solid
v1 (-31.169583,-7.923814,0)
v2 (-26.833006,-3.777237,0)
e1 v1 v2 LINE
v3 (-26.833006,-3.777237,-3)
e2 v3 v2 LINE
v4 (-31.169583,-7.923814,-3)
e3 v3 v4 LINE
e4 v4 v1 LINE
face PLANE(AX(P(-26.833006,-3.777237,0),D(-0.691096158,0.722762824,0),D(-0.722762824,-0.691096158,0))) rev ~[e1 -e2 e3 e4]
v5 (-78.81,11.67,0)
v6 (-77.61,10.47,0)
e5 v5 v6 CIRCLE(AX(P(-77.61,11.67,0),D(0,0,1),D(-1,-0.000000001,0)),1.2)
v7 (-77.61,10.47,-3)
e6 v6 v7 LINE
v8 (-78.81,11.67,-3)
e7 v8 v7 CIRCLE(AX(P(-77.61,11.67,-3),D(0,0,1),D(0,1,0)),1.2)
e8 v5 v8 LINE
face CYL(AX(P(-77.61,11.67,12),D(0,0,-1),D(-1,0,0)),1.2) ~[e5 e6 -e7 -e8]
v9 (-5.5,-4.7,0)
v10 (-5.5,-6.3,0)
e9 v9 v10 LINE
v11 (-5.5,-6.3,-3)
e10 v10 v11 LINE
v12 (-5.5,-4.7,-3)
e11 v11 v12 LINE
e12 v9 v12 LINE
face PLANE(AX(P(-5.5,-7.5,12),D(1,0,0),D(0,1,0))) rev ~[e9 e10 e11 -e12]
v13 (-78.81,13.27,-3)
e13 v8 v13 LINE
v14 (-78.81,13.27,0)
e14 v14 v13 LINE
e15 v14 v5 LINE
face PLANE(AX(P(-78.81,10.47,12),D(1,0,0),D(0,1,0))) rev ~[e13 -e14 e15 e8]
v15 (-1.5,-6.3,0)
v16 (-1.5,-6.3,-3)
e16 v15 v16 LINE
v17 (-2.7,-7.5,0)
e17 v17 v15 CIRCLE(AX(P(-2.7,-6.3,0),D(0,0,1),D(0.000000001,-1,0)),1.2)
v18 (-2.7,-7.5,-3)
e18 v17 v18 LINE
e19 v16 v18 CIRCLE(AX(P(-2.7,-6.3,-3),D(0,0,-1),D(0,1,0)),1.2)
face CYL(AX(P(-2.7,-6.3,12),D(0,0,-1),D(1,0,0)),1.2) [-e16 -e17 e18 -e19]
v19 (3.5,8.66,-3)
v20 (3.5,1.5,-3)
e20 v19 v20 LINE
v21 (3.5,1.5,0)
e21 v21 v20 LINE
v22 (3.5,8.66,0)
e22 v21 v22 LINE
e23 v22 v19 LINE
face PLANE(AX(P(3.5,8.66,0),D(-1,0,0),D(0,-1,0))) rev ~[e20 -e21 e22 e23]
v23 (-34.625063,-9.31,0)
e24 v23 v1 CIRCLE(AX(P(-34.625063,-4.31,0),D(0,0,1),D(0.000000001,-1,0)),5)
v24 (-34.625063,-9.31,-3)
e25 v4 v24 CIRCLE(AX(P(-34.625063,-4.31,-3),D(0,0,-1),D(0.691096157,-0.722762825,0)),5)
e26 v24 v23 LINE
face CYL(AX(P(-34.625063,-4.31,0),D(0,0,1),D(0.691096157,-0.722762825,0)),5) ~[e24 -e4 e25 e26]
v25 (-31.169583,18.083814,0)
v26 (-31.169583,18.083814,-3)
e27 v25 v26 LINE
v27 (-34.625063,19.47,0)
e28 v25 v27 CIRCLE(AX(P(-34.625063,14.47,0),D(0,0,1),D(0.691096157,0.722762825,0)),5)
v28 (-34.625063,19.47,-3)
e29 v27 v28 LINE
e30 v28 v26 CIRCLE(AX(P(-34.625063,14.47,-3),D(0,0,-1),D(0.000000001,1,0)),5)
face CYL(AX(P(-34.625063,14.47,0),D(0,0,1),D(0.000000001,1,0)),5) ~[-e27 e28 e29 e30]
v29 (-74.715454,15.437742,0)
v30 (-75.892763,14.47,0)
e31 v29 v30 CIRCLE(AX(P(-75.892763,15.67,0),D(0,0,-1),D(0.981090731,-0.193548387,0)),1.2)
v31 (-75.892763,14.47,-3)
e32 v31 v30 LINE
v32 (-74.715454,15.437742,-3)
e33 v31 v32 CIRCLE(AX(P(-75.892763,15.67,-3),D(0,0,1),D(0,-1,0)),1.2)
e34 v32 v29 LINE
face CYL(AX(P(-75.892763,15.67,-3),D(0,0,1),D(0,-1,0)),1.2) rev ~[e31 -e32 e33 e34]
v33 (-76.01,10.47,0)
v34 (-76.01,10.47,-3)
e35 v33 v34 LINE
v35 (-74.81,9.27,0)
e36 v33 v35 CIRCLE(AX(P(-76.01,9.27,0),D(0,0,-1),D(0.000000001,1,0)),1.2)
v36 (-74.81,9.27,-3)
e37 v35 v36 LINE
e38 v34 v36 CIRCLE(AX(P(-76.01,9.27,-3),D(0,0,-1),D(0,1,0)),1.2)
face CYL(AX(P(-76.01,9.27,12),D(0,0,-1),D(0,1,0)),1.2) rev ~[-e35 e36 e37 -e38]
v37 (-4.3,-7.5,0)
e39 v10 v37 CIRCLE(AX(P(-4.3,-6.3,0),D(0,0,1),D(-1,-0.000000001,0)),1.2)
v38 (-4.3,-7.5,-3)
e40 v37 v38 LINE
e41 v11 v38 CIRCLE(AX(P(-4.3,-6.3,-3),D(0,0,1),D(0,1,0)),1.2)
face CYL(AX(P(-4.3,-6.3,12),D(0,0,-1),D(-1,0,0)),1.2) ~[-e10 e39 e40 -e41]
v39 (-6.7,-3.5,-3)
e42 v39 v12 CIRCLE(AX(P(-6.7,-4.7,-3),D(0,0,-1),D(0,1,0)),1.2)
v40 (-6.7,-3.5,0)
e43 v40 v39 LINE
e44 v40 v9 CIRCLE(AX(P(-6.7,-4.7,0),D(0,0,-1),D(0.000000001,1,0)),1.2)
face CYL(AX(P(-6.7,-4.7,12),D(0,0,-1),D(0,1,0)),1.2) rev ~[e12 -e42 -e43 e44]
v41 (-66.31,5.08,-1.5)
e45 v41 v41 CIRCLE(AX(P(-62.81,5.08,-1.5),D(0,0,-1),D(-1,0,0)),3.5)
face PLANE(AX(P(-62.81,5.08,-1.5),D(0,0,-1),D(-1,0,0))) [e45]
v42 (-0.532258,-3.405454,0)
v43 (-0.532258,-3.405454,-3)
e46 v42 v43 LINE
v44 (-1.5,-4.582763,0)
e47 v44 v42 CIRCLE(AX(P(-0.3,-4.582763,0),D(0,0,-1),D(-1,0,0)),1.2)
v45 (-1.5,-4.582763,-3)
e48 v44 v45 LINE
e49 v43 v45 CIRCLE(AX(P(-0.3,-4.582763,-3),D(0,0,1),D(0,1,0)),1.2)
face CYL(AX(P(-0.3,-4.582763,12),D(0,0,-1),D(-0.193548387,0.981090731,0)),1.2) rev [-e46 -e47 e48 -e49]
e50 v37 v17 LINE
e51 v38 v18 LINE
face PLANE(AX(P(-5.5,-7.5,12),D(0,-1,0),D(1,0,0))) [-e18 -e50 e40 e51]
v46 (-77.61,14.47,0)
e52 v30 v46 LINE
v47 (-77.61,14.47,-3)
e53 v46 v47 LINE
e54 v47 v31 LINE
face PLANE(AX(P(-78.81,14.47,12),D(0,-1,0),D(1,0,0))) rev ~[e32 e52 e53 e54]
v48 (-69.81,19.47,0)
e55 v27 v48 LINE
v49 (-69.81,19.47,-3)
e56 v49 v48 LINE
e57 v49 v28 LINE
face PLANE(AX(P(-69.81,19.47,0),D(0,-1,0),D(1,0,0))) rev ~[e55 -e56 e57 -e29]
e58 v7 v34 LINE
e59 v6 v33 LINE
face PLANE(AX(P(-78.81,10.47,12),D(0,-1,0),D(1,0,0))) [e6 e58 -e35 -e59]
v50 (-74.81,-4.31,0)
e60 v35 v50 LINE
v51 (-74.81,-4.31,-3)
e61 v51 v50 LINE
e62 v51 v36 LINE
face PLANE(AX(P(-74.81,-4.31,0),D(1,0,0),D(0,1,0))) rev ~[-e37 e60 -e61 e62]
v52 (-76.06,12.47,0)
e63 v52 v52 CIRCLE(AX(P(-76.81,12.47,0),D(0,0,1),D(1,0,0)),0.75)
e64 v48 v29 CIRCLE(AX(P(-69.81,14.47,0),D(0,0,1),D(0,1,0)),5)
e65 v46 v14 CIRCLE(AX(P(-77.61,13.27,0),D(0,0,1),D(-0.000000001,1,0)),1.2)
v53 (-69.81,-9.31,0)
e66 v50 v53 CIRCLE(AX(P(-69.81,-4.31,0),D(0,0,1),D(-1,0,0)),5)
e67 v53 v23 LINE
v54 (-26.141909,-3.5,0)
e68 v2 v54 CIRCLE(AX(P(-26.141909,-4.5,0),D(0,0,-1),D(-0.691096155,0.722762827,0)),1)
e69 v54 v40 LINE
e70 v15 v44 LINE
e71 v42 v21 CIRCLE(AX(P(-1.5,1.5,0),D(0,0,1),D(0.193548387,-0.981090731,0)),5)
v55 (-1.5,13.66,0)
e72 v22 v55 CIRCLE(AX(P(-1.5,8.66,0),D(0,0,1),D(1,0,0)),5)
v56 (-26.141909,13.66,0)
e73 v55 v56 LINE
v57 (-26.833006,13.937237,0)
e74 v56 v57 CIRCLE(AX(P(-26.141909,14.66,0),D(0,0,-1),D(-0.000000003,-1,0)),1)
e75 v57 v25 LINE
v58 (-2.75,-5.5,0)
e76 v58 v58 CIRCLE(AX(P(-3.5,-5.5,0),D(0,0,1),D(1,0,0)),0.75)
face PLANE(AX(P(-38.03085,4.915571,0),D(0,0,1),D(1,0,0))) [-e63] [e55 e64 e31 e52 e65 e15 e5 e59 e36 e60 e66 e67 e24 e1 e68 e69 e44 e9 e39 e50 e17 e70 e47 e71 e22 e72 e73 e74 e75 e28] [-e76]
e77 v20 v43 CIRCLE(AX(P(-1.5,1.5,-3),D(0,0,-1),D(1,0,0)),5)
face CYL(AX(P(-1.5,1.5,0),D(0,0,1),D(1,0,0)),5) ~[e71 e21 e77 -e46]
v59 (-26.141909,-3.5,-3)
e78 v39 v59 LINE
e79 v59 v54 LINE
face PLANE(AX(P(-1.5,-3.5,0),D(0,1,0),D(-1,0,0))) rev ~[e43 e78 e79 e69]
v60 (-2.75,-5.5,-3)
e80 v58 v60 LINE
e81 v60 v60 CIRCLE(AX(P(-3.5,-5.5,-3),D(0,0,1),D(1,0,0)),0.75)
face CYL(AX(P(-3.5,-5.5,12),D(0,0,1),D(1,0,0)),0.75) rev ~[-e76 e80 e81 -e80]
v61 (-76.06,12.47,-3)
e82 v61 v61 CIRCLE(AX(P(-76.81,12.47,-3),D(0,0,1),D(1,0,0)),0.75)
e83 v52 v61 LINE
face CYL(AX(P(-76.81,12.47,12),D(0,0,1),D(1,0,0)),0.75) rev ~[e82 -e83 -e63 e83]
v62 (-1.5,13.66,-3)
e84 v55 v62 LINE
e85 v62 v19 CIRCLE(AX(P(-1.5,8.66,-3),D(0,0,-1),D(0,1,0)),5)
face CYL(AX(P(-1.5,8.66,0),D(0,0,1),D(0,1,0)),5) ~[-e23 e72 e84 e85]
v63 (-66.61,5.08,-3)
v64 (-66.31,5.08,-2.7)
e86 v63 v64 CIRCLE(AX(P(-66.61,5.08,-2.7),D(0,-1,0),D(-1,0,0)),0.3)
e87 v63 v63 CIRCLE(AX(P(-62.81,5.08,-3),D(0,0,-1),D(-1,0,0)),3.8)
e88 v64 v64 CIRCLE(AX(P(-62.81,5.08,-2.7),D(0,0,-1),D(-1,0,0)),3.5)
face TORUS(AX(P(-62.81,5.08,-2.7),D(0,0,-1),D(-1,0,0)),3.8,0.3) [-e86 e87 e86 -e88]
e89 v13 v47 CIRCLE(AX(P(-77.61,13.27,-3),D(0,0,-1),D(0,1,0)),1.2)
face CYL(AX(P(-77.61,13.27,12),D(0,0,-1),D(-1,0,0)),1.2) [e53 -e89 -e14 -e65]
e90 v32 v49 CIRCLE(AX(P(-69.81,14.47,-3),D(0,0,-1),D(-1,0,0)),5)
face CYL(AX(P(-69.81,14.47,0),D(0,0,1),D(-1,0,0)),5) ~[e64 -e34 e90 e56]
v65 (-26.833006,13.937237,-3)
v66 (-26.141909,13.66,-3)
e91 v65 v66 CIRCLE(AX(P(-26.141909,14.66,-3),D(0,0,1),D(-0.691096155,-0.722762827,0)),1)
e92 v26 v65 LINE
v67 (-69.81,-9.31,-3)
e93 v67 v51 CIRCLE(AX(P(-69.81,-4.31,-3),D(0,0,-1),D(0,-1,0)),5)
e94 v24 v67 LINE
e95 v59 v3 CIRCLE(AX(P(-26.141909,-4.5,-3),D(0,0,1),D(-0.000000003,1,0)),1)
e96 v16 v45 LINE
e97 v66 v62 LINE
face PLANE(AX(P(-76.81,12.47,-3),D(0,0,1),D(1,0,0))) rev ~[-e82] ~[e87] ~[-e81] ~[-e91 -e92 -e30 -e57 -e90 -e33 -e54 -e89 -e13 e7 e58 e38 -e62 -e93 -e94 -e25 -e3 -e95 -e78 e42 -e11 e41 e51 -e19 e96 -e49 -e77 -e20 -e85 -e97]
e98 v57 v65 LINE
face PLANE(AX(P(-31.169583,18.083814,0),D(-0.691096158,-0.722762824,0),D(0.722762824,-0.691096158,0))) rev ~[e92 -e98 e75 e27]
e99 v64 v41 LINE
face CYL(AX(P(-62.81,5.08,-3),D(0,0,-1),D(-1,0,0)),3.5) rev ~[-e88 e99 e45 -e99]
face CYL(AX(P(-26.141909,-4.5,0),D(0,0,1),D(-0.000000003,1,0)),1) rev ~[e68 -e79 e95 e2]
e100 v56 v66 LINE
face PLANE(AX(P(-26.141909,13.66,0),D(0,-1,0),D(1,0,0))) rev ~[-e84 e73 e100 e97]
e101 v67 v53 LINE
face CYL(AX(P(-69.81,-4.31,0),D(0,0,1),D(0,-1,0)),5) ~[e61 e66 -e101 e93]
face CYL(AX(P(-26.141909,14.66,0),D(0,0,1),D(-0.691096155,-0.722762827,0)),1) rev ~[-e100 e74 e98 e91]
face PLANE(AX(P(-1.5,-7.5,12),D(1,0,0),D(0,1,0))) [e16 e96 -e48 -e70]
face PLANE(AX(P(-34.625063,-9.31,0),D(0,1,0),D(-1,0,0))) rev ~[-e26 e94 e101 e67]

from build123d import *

# Parameters (mm, degrees)
BOSS_EXTRUDE2_DEPTH      = 12
BOSS_EXTRUDE2_DEPTH_BACK = 3
BOSS_EXTRUDE3_DEPTH      = 3
SKETCH8_W                = 4
SKETCH8_H                = 4
BOSS_EXTRUDE4_DEPTH      = 15
FILLET2_R                = 1.2
SKETCH9_R                = 0.75
CUT_EXTRUDE3_DEPTH       = 16
SKETCH10_R               = 3.5
CUT_EXTRUDE4_DEPTH       = 1.5
FILLET3_R                = 0.3
CUT_EXTRUDE5_DEPTH       = 12


with BuildPart() as part:
    # Sketch3 → Boss-Extrude2 (new body, two sides)
    with BuildSketch(Plane.XY) as boss_extrude2_sk:
        with BuildLine():
            Line((-69.81, 19.47), (-34.625063383, 19.47))
            ThreePointArc((-34.625063383, 19.47), (-32.763487521, 19.110531791), (-31.169582594, 18.083814123))
            Line((-31.169582594, 18.083814123), (-26.833005647, 13.937237175))
            ThreePointArc((-26.833005647, 13.937237175), (-26.514224661, 13.731893642), (-26.141909489, 13.66))
            Line((-26.141909489, 13.66), (-1.5, 13.66))
            ThreePointArc((-1.5, 13.66), (2.035533906, 12.195533906), (3.5, 8.66))
            Line((3.5, 8.66), (3.5, 1.5))
            ThreePointArc((3.5, 1.5), (2.035533906, -2.035533906), (-1.5, -3.5))
            Line((-1.5, -3.5), (-26.141909489, -3.5))
            ThreePointArc((-26.141909489, -3.5), (-26.514224661, -3.571893642), (-26.833005647, -3.777237175))
            Line((-26.833005647, -3.777237175), (-31.169582594, -7.923814123))
            ThreePointArc((-31.169582594, -7.923814123), (-32.763487521, -8.950531791), (-34.625063383, -9.31))
            Line((-34.625063383, -9.31), (-69.81, -9.31))
            ThreePointArc((-69.81, -9.31), (-73.345533906, -7.845533906), (-74.81, -4.31))
            Line((-74.81, -4.31), (-74.81, 14.47))
            ThreePointArc((-74.81, 14.47), (-73.345533906, 18.005533906), (-69.81, 19.47))
        make_face()
        with BuildLine():
            Line((-69.81, 17.47), (-34.625063383, 17.47))
            ThreePointArc((-34.625063383, 17.47), (-33.508117866, 17.254319075), (-32.55177491, 16.638288474))
            Line((-32.55177491, 16.638288474), (-28.215197962, 12.491711526))
            ThreePointArc((-28.215197962, 12.491711526), (-27.258855006, 11.875680925), (-26.141909489, 11.66))
            Line((-26.141909489, 11.66), (-1.5, 11.66))
            ThreePointArc((-1.5, 11.66), (0.621320344, 10.781320344), (1.5, 8.66))
            Line((1.5, 8.66), (1.5, 1.5))
            ThreePointArc((1.5, 1.5), (0.621320344, -0.621320344), (-1.5, -1.5))
            Line((-1.5, -1.5), (-26.141909489, -1.5))
            ThreePointArc((-26.141909489, -1.5), (-27.258855006, -1.715680925), (-28.215197962, -2.331711526))
            Line((-28.215197962, -2.331711526), (-32.55177491, -6.478288474))
            ThreePointArc((-32.55177491, -6.478288474), (-33.508117866, -7.094319075), (-34.625063383, -7.31))
            Line((-34.625063383, -7.31), (-69.81, -7.31))
            ThreePointArc((-69.81, -7.31), (-71.931320344, -6.431320344), (-72.81, -4.31))
            Line((-72.81, -4.31), (-72.81, 14.47))
            ThreePointArc((-72.81, 14.47), (-71.931320344, 16.591320344), (-69.81, 17.47))
        make_face(mode=Mode.SUBTRACT)
    extrude(amount=BOSS_EXTRUDE2_DEPTH)
    extrude(boss_extrude2_sk.sketch, amount=-BOSS_EXTRUDE2_DEPTH_BACK)

    # Sketch5 → Boss-Extrude3 (add)
    with BuildSketch(Plane(origin=(0, 0, -3), x_dir=(-1, 0, 0), z_dir=(0, 0, -1))):
        with BuildLine():
            Line((72.81, 14.47), (72.81, -4.31))
            ThreePointArc((72.81, -4.31), (71.931320344, -6.431320344), (69.81, -7.31))
            Line((69.81, -7.31), (34.625063383, -7.31))
            ThreePointArc((34.625063383, -7.31), (33.508117866, -7.094319075), (32.55177491, -6.478288474))
            Line((32.55177491, -6.478288474), (28.215197962, -2.331711526))
            ThreePointArc((28.215197962, -2.331711526), (27.258855006, -1.715680925), (26.141909489, -1.5))
            Line((26.141909489, -1.5), (1.5, -1.5))
            ThreePointArc((1.5, -1.5), (-0.621320344, -0.621320344), (-1.5, 1.5))
            Line((-1.5, 1.5), (-1.5, 8.66))
            ThreePointArc((-1.5, 8.66), (-0.621320344, 10.781320344), (1.5, 11.66))
            Line((1.5, 11.66), (26.141909489, 11.66))
            ThreePointArc((26.141909489, 11.66), (27.258855006, 11.875680925), (28.215197962, 12.491711526))
            Line((28.215197962, 12.491711526), (32.55177491, 16.638288474))
            ThreePointArc((32.55177491, 16.638288474), (33.508117866, 17.254319075), (34.625063383, 17.47))
            Line((34.625063383, 17.47), (69.81, 17.47))
            ThreePointArc((69.81, 17.47), (71.931320344, 16.591320344), (72.81, 14.47))
        make_face()
    extrude(amount=-BOSS_EXTRUDE3_DEPTH)

    # Sketch8 → Boss-Extrude4 (add, through all)
    with BuildSketch(Plane.XY.offset(12)):
        with Locations((-76.81, 12.47)):
            Rectangle(SKETCH8_W, SKETCH8_H)
        with Locations((-3.5, -5.5)):
            Rectangle(SKETCH8_W, SKETCH8_H)
    extrude(amount=-BOSS_EXTRUDE4_DEPTH)

    # Fillet2
    fillet2_edges = [part.edges().sort_by_distance(p)[0] for p in [
        (-74.81, 10.47, 4.5),
        (-78.81, 10.47, 4.5),
        (-78.81, 14.47, 4.5),
        (-1.5, -7.5, 4.5),
        (-5.5, -7.5, 4.5),
        (-5.5, -3.5, 4.5),
        (-1.5, -3.5, 4.5),
        (-74.81, 14.47, 4.5),
    ]]
    fillet(fillet2_edges, radius=FILLET2_R)

    # Sketch9 → Cut-Extrude3 (cut, through all)
    with BuildSketch(Plane.XY.offset(12)):
        with Locations((-76.81, 12.47)):
            Circle(SKETCH9_R)
        with Locations((-3.5, -5.5)):
            Circle(SKETCH9_R)
    extrude(amount=-CUT_EXTRUDE3_DEPTH, mode=Mode.SUBTRACT)

    # Sketch10 → Cut-Extrude4 (cut)
    with BuildSketch(Plane(origin=(0, 0, -3), x_dir=(-1, 0, 0), z_dir=(0, 0, -1))):
        with Locations((62.81, 5.08)):
            Circle(SKETCH10_R)
    extrude(amount=-CUT_EXTRUDE4_DEPTH, mode=Mode.SUBTRACT)

    # Fillet3
    fillet3_edges = [part.edges().sort_by_distance(p)[0] for p in [
        (-59.31, 5.08, -3),
    ]]
    fillet(fillet3_edges, radius=FILLET3_R)

    # Sketch11 → Cut-Extrude5 (cut)
    with BuildSketch(Plane.XY.offset(12)):
        with BuildLine():
            Line((-4.3, -7.5), (-2.7, -7.5))
            ThreePointArc((-2.7, -7.5), (-1.851471863, -7.148528137), (-1.5, -6.3))
            Line((-1.5, -6.3), (-1.5, -4.58276253))
            ThreePointArc((-1.5, -4.58276253), (-1.227013937, -3.820761768), (-0.532258065, -3.405453653))
            ThreePointArc((-0.532258065, -3.405453653), (2.362558069, -1.675003175), (3.5, 1.5))
            Line((3.5, 1.5), (3.5, 8.66))
            ThreePointArc((3.5, 8.66), (2.035533906, 12.195533906), (-1.5, 13.66))
            Line((-1.5, 13.66), (-26.141909489, 13.66))
            ThreePointArc((-26.141909489, 13.66), (-26.514224661, 13.731893642), (-26.833005647, 13.937237175))
            Line((-26.833005647, 13.937237175), (-31.169582594, 18.083814123))
            ThreePointArc((-31.169582594, 18.083814123), (-32.763487521, 19.110531791), (-34.625063383, 19.47))
            Line((-34.625063383, 19.47), (-69.81, 19.47))
            ThreePointArc((-69.81, 19.47), (-72.985003175, 18.332558069), (-74.715453653, 15.437741935))
            ThreePointArc((-74.715453653, 15.437741935), (-75.130761768, 14.742986063), (-75.89276253, 14.47))
            Line((-75.89276253, 14.47), (-77.61, 14.47))
            ThreePointArc((-77.61, 14.47), (-78.458528137, 14.118528137), (-78.81, 13.27))
            Line((-78.81, 13.27), (-78.81, 11.67))
            ThreePointArc((-78.81, 11.67), (-78.458528137, 10.821471863), (-77.61, 10.47))
            Line((-77.61, 10.47), (-76.01, 10.47))
            ThreePointArc((-76.01, 10.47), (-75.161471863, 10.118528137), (-74.81, 9.27))
            Line((-74.81, 9.27), (-74.81, -4.31))
            ThreePointArc((-74.81, -4.31), (-73.345533906, -7.845533906), (-69.81, -9.31))
            Line((-69.81, -9.31), (-34.625063383, -9.31))
            ThreePointArc((-34.625063383, -9.31), (-32.763487521, -8.950531791), (-31.169582594, -7.923814123))
            Line((-31.169582594, -7.923814123), (-26.833005647, -3.777237175))
            ThreePointArc((-26.833005647, -3.777237175), (-26.514224661, -3.571893642), (-26.141909489, -3.5))
            Line((-26.141909489, -3.5), (-6.7, -3.5))
            ThreePointArc((-6.7, -3.5), (-5.851471863, -3.851471863), (-5.5, -4.7))
            Line((-5.5, -4.7), (-5.5, -6.3))
            ThreePointArc((-5.5, -6.3), (-5.148528137, -7.148528137), (-4.3, -7.5))
        make_face()
        with BuildLine():
            Line((-69.81, -7.31), (-34.625063383, -7.31))
            ThreePointArc((-34.625063383, -7.31), (-33.508117866, -7.094319075), (-32.55177491, -6.478288474))
            Line((-32.55177491, -6.478288474), (-28.215197962, -2.331711526))
            ThreePointArc((-28.215197962, -2.331711526), (-27.258855006, -1.715680925), (-26.141909489, -1.5))
            Line((-26.141909489, -1.5), (-1.5, -1.5))
            ThreePointArc((-1.5, -1.5), (0.621320344, -0.621320344), (1.5, 1.5))
            Line((1.5, 1.5), (1.5, 8.66))
            ThreePointArc((1.5, 8.66), (0.621320344, 10.781320344), (-1.5, 11.66))
            Line((-1.5, 11.66), (-26.141909489, 11.66))
            ThreePointArc((-26.141909489, 11.66), (-27.258855006, 11.875680925), (-28.215197962, 12.491711526))
            Line((-28.215197962, 12.491711526), (-32.55177491, 16.638288474))
            ThreePointArc((-32.55177491, 16.638288474), (-33.508117866, 17.254319075), (-34.625063383, 17.47))
            Line((-34.625063383, 17.47), (-69.81, 17.47))
            ThreePointArc((-69.81, 17.47), (-71.931320344, 16.591320344), (-72.81, 14.47))
            Line((-72.81, 14.47), (-72.81, -4.31))
            ThreePointArc((-72.81, -4.31), (-71.931320344, -6.431320344), (-69.81, -7.31))
        make_face(mode=Mode.SUBTRACT)
    extrude(amount=-CUT_EXTRUDE5_DEPTH, mode=Mode.SUBTRACT)


solid = part.part
